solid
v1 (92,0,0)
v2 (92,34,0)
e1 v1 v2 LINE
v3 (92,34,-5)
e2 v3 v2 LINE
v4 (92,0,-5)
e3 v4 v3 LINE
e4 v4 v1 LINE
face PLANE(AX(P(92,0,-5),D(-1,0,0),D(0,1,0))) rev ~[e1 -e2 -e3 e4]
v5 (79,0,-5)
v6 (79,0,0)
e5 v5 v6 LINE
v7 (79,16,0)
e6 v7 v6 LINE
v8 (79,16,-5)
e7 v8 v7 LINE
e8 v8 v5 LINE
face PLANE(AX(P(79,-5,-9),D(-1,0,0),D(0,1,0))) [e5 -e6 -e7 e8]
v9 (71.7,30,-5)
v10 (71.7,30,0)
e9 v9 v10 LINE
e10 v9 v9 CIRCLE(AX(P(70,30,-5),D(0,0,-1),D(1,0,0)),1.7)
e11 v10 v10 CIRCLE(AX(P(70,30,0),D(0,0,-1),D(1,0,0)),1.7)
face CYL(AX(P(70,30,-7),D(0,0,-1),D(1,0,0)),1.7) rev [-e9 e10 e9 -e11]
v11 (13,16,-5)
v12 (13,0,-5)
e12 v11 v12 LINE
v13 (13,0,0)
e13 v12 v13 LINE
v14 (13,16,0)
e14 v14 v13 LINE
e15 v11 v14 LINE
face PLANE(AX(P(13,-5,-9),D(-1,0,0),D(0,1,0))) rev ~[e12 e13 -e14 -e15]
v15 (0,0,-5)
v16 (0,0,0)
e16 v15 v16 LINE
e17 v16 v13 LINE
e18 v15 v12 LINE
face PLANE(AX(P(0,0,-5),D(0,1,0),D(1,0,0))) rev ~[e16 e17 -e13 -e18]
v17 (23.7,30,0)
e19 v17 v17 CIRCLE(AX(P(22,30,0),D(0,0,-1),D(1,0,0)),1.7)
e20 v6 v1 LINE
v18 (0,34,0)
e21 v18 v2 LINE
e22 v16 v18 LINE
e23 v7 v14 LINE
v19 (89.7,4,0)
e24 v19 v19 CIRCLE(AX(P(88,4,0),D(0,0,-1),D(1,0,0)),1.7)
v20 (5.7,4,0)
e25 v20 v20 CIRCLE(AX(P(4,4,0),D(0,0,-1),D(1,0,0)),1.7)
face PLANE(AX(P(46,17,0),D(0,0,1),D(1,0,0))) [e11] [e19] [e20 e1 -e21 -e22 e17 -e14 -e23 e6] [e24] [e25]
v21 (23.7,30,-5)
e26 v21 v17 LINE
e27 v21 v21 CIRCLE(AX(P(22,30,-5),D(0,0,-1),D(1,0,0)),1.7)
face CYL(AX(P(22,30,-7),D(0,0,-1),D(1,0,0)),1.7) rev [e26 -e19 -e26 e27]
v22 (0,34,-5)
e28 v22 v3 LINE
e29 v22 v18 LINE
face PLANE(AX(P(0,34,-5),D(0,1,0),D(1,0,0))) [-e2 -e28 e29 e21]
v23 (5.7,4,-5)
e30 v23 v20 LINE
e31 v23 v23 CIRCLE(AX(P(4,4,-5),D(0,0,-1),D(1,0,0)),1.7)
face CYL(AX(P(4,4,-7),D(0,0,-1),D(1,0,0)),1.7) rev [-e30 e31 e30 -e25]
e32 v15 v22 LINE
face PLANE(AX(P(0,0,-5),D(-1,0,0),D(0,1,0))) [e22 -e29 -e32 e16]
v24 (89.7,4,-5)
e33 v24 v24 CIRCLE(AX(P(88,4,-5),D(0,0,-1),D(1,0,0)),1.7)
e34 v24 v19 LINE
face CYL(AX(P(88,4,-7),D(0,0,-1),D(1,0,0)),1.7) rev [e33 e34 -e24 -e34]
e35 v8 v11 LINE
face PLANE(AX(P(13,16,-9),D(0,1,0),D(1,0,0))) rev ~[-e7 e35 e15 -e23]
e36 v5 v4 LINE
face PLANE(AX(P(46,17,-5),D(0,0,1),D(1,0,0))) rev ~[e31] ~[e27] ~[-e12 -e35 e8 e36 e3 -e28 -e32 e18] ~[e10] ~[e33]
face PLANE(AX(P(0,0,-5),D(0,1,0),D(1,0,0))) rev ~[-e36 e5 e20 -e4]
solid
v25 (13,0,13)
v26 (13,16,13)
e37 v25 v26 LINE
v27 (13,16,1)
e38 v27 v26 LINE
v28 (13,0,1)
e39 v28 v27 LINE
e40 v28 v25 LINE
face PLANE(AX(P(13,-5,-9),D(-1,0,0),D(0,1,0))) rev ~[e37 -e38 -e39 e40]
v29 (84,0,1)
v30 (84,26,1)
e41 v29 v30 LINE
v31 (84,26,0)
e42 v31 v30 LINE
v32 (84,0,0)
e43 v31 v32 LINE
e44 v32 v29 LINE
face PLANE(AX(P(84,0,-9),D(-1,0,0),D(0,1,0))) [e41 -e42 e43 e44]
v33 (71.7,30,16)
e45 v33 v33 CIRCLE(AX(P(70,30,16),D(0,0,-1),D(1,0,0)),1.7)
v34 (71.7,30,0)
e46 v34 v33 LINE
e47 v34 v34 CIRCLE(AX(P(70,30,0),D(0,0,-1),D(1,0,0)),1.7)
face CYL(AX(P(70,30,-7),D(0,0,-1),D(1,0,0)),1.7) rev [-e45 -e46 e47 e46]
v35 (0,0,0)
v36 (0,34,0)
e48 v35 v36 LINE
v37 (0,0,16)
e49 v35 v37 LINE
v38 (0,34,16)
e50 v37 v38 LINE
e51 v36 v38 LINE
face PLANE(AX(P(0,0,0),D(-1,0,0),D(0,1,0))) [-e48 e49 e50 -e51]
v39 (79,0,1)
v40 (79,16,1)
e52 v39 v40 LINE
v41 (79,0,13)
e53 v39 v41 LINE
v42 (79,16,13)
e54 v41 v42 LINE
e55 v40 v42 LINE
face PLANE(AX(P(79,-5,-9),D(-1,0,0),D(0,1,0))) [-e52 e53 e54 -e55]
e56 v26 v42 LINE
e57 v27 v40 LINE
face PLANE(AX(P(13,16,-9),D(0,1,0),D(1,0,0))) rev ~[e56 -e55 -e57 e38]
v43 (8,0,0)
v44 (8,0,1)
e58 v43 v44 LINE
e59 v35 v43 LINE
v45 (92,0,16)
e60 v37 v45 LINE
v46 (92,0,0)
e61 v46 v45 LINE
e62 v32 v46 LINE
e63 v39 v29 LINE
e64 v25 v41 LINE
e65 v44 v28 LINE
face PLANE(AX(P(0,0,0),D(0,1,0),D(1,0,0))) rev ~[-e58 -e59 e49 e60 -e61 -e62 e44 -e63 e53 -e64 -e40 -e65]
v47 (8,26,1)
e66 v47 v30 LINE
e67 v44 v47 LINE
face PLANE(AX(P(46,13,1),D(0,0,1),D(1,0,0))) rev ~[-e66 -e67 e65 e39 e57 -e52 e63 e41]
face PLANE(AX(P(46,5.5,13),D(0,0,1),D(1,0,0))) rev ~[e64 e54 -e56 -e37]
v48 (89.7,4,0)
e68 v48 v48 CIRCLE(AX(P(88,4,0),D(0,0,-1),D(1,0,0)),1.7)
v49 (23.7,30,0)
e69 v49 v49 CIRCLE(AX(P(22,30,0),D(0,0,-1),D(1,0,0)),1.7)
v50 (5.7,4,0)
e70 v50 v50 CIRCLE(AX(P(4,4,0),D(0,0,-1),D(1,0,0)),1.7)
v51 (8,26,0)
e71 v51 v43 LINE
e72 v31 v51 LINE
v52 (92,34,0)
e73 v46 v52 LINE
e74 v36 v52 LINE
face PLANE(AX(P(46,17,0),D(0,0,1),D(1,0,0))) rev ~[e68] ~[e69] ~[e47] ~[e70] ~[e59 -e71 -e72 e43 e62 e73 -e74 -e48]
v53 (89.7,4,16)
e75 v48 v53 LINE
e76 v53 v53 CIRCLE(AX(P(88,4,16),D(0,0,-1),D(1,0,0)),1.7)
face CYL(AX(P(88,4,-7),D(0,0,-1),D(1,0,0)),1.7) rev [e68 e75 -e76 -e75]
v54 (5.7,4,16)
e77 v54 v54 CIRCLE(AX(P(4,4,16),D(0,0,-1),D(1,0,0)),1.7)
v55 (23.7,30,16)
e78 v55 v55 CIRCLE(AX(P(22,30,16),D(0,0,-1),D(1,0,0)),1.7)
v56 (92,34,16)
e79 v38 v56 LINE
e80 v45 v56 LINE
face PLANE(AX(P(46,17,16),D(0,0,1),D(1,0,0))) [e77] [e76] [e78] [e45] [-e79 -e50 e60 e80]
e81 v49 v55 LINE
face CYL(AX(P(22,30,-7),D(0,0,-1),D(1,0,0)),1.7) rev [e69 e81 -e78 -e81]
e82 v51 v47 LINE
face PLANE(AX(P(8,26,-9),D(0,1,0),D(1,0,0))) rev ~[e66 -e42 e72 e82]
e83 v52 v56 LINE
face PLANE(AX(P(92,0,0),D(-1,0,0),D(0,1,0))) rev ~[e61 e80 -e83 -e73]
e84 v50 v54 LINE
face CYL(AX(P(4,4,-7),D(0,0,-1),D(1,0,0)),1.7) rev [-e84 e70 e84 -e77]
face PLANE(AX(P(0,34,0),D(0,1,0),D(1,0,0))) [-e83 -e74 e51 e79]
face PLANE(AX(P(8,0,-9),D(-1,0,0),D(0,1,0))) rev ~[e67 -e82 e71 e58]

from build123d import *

# Parameters (mm, degrees)
CYLINDER003_R     = 1.7
CYLINDER003_DEPTH = 25
CYLINDER002_R     = 1.7
CYLINDER002_DEPTH = 25
CYLINDER001_R     = 1.7
CYLINDER001_DEPTH = 25
CYLINDER_R        = 1.7
CYLINDER_DEPTH    = 25
BOX_W             = 76
BOX_H             = 26
BOX_DEPTH         = 10
BOX002_W          = 66
BOX002_H          = 21
BOX002_DEPTH      = 22
BOX001_W          = 92
BOX001_H          = 34
BOX001_DEPTH      = 16
CYLINDER006_R     = 1.7
CYLINDER006_DEPTH = 25
CYLINDER005_R     = 1.7
CYLINDER005_DEPTH = 25
CYLINDER007_R     = 1.7
CYLINDER007_DEPTH = 25
CYLINDER004_R     = 1.7
CYLINDER004_DEPTH = 25
BOX004_W          = 66
BOX004_H          = 21
BOX004_DEPTH      = 22
BOX003_W          = 92
BOX003_H          = 34
BOX003_DEPTH      = 5


with BuildPart() as cylinder003:
    # Cylinder003 → Cylinder003 (new body)
    with BuildSketch(Plane(origin=(70, 30, -7), x_dir=(1, 0, 0), z_dir=(0, 0, 1))):
        Circle(CYLINDER003_R)
    extrude(amount=CYLINDER003_DEPTH)


with BuildPart() as cylinder002:
    # Cylinder002 → Cylinder002 (new body)
    with BuildSketch(Plane(origin=(22, 30, -7), x_dir=(1, 0, 0), z_dir=(0, 0, 1))):
        Circle(CYLINDER002_R)
    extrude(amount=CYLINDER002_DEPTH)


with BuildPart() as cylinder001:
    # Cylinder001 → Cylinder001 (new body)
    with BuildSketch(Plane(origin=(88, 4, -7), x_dir=(1, 0, 0), z_dir=(0, 0, 1))):
        Circle(CYLINDER001_R)
    extrude(amount=CYLINDER001_DEPTH)


with BuildPart() as fusion:
    # Cylinder → Cylinder (new body)
    with BuildSketch(Plane(origin=(4, 4, -7), x_dir=(1, 0, 0), z_dir=(0, 0, 1))):
        Circle(CYLINDER_R)
    extrude(amount=CYLINDER_DEPTH)

    # Fusion: union Cylinder003, Cylinder002, Cylinder001
    add(cylinder003.part)
    add(cylinder002.part)
    add(cylinder001.part)


with BuildPart() as cube:
    # Box → Box (new body)
    with BuildSketch(Plane.XY.offset(-9)):
        with Locations((38, 13)):
            Rectangle(BOX_W, BOX_H)
    extrude(amount=BOX_DEPTH)


with BuildPart() as cube002:
    # Box002 → Box002 (new body)
    with BuildSketch(Plane(origin=(5, -5, -9), x_dir=(1, 0, 0), z_dir=(0, 0, 1))):
        with Locations((33, 10.5)):
            Rectangle(BOX002_W, BOX002_H)
    extrude(amount=BOX002_DEPTH)


with BuildPart() as cut003:
    # Box001 → Box001 (new body)
    with BuildSketch(Plane(origin=(-8, 0, 0), x_dir=(1, 0, 0), z_dir=(0, 0, 1))):
        with Locations((46, 17)):
            Rectangle(BOX001_W, BOX001_H)
    extrude(amount=BOX001_DEPTH)

    # Cut: cut Cube002
    add(cube002.part, mode=Mode.SUBTRACT)

    # Cut001: cut Cube
    add(cube.part, mode=Mode.SUBTRACT)


with BuildPart() as cut003_1:
    # Cut001 placement: moved
    add(cut003.part.moved(Location((8, 0, 0))))

    # Cut003: cut Fusion
    add(fusion.part, mode=Mode.SUBTRACT)


with BuildPart() as cylinder006:
    # Cylinder006 → Cylinder006 (new body)
    with BuildSketch(Plane(origin=(22, 30, -7), x_dir=(1, 0, 0), z_dir=(0, 0, 1))):
        Circle(CYLINDER006_R)
    extrude(amount=CYLINDER006_DEPTH)


with BuildPart() as cylinder005:
    # Cylinder005 → Cylinder005 (new body)
    with BuildSketch(Plane(origin=(70, 30, -7), x_dir=(1, 0, 0), z_dir=(0, 0, 1))):
        Circle(CYLINDER005_R)
    extrude(amount=CYLINDER005_DEPTH)


with BuildPart() as cylinder007:
    # Cylinder007 → Cylinder007 (new body)
    with BuildSketch(Plane(origin=(88, 4, -7), x_dir=(1, 0, 0), z_dir=(0, 0, 1))):
        Circle(CYLINDER007_R)
    extrude(amount=CYLINDER007_DEPTH)


with BuildPart() as fusion001:
    # Cylinder004 → Cylinder004 (new body)
    with BuildSketch(Plane(origin=(4, 4, -7), x_dir=(1, 0, 0), z_dir=(0, 0, 1))):
        Circle(CYLINDER004_R)
    extrude(amount=CYLINDER004_DEPTH)

    # Fusion001: union Cylinder006, Cylinder005, Cylinder007
    add(cylinder006.part)
    add(cylinder005.part)
    add(cylinder007.part)


with BuildPart() as cube004:
    # Box004 → Box004 (new body)
    with BuildSketch(Plane(origin=(5, -5, -9), x_dir=(1, 0, 0), z_dir=(0, 0, 1))):
        with Locations((33, 10.5)):
            Rectangle(BOX004_W, BOX004_H)
    extrude(amount=BOX004_DEPTH)


with BuildPart() as cut004:
    # Box003 → Box003 (new body)
    with BuildSketch(Plane(origin=(-8, 0, -5), x_dir=(1, 0, 0), z_dir=(0, 0, 1))):
        with Locations((46, 17)):
            Rectangle(BOX003_W, BOX003_H)
    extrude(amount=BOX003_DEPTH)

    # Cut002: cut Cube004
    add(cube004.part, mode=Mode.SUBTRACT)


with BuildPart() as cut004_1:
    # Cut002 placement: moved
    add(cut004.part.moved(Location((8, 0, 0))))

    # Cut004: cut Fusion001
    add(fusion001.part, mode=Mode.SUBTRACT)


solid = Compound([cut003_1.part, cut004_1.part])
